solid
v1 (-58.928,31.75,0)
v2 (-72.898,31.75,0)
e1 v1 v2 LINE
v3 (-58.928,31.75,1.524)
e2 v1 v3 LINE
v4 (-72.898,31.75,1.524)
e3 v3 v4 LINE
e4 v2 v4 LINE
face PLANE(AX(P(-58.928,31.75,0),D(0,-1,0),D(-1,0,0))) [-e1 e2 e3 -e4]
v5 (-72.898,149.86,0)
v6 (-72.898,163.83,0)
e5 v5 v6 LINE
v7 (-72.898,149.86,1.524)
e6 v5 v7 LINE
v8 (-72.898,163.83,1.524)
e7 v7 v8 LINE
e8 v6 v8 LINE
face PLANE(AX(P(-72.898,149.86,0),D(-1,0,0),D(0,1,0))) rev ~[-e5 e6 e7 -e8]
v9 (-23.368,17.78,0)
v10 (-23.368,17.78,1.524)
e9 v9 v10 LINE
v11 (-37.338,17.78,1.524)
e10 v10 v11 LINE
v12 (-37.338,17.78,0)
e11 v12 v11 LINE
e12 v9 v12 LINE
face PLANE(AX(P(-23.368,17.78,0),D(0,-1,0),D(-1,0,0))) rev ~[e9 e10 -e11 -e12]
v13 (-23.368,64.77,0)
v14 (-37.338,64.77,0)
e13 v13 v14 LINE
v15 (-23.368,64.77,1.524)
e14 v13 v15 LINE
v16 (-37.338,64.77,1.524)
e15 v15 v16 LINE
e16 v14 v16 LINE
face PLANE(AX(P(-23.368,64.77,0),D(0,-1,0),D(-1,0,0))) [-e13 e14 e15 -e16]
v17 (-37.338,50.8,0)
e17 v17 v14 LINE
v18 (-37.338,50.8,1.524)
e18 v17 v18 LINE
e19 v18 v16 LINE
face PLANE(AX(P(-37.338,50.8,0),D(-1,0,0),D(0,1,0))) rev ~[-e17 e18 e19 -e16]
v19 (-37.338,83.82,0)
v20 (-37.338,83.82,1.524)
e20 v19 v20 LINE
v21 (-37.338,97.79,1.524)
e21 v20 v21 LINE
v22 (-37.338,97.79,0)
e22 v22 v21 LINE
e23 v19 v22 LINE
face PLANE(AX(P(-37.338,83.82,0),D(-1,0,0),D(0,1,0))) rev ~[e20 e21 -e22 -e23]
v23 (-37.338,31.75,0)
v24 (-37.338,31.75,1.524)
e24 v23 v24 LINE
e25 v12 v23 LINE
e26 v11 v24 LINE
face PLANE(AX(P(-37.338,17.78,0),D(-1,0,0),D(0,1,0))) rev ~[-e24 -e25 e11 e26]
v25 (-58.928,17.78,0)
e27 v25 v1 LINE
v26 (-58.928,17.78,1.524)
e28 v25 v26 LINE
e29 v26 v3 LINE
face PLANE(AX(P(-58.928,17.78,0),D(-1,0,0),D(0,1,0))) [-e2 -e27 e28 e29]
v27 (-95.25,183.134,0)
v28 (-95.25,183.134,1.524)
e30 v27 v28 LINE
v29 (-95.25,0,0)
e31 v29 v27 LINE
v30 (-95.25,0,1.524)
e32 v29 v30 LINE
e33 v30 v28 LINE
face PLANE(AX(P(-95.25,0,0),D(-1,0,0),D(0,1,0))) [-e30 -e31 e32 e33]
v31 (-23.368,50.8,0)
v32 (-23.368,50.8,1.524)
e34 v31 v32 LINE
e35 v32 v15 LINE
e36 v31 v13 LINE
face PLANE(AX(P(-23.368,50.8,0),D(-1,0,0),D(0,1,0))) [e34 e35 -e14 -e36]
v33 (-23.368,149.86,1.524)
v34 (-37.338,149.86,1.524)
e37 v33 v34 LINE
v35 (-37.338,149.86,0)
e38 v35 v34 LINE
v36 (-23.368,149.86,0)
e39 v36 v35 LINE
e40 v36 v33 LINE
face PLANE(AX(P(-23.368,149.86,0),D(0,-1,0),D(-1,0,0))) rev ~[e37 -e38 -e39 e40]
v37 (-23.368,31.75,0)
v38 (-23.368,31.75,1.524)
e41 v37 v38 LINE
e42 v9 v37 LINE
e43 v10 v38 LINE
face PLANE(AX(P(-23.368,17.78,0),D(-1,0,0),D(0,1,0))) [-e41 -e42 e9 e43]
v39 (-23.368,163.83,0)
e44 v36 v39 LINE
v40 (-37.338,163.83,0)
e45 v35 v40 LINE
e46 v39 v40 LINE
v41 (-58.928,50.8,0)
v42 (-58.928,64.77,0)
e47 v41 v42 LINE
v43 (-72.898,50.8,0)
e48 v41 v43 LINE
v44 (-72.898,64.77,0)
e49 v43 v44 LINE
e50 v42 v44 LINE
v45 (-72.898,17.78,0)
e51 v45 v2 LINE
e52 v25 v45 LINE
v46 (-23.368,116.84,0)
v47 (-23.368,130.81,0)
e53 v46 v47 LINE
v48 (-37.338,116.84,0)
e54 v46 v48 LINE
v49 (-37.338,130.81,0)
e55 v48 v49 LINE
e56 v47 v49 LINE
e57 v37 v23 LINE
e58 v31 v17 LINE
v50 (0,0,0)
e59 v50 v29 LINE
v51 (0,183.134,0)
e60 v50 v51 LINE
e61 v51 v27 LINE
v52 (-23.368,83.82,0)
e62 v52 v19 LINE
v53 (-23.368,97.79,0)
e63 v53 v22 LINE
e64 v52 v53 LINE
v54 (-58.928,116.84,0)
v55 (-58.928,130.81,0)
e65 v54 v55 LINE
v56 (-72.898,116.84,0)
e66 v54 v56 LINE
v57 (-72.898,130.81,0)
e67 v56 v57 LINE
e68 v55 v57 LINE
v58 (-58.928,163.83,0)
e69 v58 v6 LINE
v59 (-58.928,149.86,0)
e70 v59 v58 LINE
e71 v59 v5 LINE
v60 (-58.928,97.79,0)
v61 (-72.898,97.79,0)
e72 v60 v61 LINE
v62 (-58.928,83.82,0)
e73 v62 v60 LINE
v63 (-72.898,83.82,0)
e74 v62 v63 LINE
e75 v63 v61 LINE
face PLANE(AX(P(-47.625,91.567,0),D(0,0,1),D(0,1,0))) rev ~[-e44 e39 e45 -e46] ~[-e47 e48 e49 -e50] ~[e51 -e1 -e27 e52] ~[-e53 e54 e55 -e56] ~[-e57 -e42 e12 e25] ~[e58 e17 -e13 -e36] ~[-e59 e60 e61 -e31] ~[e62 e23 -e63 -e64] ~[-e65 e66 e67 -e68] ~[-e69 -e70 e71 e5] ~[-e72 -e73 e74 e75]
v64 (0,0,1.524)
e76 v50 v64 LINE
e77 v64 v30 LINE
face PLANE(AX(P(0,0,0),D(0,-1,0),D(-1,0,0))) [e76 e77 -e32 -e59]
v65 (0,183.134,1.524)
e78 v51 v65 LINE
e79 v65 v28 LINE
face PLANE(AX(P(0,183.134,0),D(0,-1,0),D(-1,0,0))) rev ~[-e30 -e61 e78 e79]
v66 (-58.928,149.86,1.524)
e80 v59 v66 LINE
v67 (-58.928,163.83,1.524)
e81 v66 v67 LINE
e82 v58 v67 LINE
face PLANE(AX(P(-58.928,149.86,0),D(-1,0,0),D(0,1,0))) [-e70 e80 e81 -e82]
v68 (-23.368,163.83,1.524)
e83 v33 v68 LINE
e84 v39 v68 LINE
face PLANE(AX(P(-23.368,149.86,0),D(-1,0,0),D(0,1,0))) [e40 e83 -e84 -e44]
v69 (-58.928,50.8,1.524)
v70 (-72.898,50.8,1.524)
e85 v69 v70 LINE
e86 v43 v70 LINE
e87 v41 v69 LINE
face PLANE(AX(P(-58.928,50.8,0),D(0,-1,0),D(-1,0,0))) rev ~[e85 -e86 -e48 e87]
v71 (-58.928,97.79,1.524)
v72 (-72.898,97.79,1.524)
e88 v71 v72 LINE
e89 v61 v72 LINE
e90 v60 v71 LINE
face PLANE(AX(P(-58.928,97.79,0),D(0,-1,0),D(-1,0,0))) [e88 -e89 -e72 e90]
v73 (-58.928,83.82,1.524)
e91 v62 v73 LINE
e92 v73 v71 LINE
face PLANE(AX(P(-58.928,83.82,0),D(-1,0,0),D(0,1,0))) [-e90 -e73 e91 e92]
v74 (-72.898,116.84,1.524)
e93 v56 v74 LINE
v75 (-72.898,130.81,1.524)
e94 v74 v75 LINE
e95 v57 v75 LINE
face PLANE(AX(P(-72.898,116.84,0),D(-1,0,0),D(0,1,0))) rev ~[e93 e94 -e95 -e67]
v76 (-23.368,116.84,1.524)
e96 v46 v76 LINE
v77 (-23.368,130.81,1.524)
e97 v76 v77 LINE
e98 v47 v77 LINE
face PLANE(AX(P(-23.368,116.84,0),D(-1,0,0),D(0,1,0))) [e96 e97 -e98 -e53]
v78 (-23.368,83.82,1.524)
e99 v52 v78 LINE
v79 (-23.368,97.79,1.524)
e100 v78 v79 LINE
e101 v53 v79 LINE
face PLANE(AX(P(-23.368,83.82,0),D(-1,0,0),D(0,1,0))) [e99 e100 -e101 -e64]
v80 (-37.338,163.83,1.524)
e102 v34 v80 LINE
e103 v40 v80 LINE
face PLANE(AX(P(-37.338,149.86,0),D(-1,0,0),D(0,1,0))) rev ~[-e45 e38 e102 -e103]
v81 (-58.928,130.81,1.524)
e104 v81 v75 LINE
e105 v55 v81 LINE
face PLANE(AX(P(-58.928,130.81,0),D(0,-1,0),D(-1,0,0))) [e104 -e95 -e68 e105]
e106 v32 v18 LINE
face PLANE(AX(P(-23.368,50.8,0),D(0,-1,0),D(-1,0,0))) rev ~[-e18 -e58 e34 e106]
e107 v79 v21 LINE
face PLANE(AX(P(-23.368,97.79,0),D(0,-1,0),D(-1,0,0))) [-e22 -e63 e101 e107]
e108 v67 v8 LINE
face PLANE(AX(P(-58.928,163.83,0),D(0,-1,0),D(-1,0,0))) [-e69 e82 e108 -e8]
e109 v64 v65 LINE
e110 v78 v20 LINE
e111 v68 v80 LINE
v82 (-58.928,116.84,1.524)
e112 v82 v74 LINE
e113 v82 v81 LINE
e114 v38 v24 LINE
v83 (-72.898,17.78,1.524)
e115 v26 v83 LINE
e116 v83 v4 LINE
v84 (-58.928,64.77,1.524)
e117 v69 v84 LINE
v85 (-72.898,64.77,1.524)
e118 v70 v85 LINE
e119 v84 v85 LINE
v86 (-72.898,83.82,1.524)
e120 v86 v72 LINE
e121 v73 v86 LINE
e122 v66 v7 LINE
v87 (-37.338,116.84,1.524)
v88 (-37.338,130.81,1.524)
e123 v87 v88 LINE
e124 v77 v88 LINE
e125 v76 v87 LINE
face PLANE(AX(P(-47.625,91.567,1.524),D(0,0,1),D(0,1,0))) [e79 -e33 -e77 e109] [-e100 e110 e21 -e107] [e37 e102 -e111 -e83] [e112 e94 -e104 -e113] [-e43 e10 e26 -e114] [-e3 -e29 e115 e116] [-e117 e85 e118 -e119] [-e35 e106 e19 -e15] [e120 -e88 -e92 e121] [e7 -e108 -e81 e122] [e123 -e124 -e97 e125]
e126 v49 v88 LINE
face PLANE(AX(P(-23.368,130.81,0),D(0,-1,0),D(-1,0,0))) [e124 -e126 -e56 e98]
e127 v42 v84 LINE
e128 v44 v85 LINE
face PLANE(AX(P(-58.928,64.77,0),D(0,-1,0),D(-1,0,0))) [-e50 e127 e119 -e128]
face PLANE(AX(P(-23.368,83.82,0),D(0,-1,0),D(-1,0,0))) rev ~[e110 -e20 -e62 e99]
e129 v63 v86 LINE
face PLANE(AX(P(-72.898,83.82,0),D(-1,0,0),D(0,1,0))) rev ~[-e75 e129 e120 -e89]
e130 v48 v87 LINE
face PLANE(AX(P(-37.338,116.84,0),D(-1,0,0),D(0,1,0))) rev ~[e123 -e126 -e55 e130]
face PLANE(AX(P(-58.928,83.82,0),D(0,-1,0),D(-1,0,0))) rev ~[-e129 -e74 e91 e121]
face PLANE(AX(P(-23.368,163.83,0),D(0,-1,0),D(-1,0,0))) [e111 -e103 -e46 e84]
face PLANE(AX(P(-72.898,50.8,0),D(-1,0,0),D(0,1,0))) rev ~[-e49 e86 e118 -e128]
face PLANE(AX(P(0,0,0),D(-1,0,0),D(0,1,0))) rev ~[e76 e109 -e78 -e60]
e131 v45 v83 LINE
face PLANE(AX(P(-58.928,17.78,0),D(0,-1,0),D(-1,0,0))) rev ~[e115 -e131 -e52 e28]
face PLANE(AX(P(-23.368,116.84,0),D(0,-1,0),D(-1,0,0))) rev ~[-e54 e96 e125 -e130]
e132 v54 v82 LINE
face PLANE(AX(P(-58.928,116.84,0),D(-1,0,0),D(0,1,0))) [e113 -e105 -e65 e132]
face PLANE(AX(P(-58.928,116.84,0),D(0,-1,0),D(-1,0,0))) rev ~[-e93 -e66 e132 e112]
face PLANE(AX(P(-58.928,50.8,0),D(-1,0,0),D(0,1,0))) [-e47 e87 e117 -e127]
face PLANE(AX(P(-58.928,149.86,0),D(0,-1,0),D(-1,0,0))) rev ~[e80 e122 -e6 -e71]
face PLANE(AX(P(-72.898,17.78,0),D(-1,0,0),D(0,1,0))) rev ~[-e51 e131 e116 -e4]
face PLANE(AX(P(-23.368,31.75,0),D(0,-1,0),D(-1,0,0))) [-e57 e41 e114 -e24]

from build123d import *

# Parameters (mm, degrees)
SKETCH1_W           = 183.134
SKETCH1_H           = 95.25
SKETCH1_W_2         = 13.97
SKETCH1_H_2         = 13.97
BOSS_EXTRUDE1_DEPTH = 1.524


with BuildPart() as part:
    # Sketch1 → Boss-Extrude1 (new body)
    with BuildSketch(Plane(origin=(0, 0, 0), x_dir=(0, 1, 0), z_dir=(0, 0, 1))):
        with Locations((91.567, 47.625)):
            Rectangle(SKETCH1_W, SKETCH1_H)
        with Locations((24.765, 65.913)):
            Rectangle(SKETCH1_W_2, SKETCH1_H_2, mode=Mode.SUBTRACT)
        with Locations((57.785, 65.913)):
            Rectangle(SKETCH1_W_2, SKETCH1_H_2, mode=Mode.SUBTRACT)
        with Locations((90.805, 65.913)):
            Rectangle(SKETCH1_W_2, SKETCH1_H_2, mode=Mode.SUBTRACT)
        with Locations((123.825, 65.913)):
            Rectangle(SKETCH1_W_2, SKETCH1_H_2, mode=Mode.SUBTRACT)
        with Locations((156.845, 65.913)):
            Rectangle(SKETCH1_W_2, SKETCH1_H_2, mode=Mode.SUBTRACT)
        with Locations((57.785, 30.353)):
            Rectangle(SKETCH1_W_2, SKETCH1_H_2, mode=Mode.SUBTRACT)
        with Locations((90.805, 30.353)):
            Rectangle(SKETCH1_W_2, SKETCH1_H_2, mode=Mode.SUBTRACT)
        with Locations((123.825, 30.353)):
            Rectangle(SKETCH1_W_2, SKETCH1_H_2, mode=Mode.SUBTRACT)
        with Locations((156.845, 30.353)):
            Rectangle(SKETCH1_W_2, SKETCH1_H_2, mode=Mode.SUBTRACT)
        with Locations((24.765, 30.353)):
            Rectangle(SKETCH1_W_2, SKETCH1_H_2, mode=Mode.SUBTRACT)
    extrude(amount=BOSS_EXTRUDE1_DEPTH)


solid = part.part
